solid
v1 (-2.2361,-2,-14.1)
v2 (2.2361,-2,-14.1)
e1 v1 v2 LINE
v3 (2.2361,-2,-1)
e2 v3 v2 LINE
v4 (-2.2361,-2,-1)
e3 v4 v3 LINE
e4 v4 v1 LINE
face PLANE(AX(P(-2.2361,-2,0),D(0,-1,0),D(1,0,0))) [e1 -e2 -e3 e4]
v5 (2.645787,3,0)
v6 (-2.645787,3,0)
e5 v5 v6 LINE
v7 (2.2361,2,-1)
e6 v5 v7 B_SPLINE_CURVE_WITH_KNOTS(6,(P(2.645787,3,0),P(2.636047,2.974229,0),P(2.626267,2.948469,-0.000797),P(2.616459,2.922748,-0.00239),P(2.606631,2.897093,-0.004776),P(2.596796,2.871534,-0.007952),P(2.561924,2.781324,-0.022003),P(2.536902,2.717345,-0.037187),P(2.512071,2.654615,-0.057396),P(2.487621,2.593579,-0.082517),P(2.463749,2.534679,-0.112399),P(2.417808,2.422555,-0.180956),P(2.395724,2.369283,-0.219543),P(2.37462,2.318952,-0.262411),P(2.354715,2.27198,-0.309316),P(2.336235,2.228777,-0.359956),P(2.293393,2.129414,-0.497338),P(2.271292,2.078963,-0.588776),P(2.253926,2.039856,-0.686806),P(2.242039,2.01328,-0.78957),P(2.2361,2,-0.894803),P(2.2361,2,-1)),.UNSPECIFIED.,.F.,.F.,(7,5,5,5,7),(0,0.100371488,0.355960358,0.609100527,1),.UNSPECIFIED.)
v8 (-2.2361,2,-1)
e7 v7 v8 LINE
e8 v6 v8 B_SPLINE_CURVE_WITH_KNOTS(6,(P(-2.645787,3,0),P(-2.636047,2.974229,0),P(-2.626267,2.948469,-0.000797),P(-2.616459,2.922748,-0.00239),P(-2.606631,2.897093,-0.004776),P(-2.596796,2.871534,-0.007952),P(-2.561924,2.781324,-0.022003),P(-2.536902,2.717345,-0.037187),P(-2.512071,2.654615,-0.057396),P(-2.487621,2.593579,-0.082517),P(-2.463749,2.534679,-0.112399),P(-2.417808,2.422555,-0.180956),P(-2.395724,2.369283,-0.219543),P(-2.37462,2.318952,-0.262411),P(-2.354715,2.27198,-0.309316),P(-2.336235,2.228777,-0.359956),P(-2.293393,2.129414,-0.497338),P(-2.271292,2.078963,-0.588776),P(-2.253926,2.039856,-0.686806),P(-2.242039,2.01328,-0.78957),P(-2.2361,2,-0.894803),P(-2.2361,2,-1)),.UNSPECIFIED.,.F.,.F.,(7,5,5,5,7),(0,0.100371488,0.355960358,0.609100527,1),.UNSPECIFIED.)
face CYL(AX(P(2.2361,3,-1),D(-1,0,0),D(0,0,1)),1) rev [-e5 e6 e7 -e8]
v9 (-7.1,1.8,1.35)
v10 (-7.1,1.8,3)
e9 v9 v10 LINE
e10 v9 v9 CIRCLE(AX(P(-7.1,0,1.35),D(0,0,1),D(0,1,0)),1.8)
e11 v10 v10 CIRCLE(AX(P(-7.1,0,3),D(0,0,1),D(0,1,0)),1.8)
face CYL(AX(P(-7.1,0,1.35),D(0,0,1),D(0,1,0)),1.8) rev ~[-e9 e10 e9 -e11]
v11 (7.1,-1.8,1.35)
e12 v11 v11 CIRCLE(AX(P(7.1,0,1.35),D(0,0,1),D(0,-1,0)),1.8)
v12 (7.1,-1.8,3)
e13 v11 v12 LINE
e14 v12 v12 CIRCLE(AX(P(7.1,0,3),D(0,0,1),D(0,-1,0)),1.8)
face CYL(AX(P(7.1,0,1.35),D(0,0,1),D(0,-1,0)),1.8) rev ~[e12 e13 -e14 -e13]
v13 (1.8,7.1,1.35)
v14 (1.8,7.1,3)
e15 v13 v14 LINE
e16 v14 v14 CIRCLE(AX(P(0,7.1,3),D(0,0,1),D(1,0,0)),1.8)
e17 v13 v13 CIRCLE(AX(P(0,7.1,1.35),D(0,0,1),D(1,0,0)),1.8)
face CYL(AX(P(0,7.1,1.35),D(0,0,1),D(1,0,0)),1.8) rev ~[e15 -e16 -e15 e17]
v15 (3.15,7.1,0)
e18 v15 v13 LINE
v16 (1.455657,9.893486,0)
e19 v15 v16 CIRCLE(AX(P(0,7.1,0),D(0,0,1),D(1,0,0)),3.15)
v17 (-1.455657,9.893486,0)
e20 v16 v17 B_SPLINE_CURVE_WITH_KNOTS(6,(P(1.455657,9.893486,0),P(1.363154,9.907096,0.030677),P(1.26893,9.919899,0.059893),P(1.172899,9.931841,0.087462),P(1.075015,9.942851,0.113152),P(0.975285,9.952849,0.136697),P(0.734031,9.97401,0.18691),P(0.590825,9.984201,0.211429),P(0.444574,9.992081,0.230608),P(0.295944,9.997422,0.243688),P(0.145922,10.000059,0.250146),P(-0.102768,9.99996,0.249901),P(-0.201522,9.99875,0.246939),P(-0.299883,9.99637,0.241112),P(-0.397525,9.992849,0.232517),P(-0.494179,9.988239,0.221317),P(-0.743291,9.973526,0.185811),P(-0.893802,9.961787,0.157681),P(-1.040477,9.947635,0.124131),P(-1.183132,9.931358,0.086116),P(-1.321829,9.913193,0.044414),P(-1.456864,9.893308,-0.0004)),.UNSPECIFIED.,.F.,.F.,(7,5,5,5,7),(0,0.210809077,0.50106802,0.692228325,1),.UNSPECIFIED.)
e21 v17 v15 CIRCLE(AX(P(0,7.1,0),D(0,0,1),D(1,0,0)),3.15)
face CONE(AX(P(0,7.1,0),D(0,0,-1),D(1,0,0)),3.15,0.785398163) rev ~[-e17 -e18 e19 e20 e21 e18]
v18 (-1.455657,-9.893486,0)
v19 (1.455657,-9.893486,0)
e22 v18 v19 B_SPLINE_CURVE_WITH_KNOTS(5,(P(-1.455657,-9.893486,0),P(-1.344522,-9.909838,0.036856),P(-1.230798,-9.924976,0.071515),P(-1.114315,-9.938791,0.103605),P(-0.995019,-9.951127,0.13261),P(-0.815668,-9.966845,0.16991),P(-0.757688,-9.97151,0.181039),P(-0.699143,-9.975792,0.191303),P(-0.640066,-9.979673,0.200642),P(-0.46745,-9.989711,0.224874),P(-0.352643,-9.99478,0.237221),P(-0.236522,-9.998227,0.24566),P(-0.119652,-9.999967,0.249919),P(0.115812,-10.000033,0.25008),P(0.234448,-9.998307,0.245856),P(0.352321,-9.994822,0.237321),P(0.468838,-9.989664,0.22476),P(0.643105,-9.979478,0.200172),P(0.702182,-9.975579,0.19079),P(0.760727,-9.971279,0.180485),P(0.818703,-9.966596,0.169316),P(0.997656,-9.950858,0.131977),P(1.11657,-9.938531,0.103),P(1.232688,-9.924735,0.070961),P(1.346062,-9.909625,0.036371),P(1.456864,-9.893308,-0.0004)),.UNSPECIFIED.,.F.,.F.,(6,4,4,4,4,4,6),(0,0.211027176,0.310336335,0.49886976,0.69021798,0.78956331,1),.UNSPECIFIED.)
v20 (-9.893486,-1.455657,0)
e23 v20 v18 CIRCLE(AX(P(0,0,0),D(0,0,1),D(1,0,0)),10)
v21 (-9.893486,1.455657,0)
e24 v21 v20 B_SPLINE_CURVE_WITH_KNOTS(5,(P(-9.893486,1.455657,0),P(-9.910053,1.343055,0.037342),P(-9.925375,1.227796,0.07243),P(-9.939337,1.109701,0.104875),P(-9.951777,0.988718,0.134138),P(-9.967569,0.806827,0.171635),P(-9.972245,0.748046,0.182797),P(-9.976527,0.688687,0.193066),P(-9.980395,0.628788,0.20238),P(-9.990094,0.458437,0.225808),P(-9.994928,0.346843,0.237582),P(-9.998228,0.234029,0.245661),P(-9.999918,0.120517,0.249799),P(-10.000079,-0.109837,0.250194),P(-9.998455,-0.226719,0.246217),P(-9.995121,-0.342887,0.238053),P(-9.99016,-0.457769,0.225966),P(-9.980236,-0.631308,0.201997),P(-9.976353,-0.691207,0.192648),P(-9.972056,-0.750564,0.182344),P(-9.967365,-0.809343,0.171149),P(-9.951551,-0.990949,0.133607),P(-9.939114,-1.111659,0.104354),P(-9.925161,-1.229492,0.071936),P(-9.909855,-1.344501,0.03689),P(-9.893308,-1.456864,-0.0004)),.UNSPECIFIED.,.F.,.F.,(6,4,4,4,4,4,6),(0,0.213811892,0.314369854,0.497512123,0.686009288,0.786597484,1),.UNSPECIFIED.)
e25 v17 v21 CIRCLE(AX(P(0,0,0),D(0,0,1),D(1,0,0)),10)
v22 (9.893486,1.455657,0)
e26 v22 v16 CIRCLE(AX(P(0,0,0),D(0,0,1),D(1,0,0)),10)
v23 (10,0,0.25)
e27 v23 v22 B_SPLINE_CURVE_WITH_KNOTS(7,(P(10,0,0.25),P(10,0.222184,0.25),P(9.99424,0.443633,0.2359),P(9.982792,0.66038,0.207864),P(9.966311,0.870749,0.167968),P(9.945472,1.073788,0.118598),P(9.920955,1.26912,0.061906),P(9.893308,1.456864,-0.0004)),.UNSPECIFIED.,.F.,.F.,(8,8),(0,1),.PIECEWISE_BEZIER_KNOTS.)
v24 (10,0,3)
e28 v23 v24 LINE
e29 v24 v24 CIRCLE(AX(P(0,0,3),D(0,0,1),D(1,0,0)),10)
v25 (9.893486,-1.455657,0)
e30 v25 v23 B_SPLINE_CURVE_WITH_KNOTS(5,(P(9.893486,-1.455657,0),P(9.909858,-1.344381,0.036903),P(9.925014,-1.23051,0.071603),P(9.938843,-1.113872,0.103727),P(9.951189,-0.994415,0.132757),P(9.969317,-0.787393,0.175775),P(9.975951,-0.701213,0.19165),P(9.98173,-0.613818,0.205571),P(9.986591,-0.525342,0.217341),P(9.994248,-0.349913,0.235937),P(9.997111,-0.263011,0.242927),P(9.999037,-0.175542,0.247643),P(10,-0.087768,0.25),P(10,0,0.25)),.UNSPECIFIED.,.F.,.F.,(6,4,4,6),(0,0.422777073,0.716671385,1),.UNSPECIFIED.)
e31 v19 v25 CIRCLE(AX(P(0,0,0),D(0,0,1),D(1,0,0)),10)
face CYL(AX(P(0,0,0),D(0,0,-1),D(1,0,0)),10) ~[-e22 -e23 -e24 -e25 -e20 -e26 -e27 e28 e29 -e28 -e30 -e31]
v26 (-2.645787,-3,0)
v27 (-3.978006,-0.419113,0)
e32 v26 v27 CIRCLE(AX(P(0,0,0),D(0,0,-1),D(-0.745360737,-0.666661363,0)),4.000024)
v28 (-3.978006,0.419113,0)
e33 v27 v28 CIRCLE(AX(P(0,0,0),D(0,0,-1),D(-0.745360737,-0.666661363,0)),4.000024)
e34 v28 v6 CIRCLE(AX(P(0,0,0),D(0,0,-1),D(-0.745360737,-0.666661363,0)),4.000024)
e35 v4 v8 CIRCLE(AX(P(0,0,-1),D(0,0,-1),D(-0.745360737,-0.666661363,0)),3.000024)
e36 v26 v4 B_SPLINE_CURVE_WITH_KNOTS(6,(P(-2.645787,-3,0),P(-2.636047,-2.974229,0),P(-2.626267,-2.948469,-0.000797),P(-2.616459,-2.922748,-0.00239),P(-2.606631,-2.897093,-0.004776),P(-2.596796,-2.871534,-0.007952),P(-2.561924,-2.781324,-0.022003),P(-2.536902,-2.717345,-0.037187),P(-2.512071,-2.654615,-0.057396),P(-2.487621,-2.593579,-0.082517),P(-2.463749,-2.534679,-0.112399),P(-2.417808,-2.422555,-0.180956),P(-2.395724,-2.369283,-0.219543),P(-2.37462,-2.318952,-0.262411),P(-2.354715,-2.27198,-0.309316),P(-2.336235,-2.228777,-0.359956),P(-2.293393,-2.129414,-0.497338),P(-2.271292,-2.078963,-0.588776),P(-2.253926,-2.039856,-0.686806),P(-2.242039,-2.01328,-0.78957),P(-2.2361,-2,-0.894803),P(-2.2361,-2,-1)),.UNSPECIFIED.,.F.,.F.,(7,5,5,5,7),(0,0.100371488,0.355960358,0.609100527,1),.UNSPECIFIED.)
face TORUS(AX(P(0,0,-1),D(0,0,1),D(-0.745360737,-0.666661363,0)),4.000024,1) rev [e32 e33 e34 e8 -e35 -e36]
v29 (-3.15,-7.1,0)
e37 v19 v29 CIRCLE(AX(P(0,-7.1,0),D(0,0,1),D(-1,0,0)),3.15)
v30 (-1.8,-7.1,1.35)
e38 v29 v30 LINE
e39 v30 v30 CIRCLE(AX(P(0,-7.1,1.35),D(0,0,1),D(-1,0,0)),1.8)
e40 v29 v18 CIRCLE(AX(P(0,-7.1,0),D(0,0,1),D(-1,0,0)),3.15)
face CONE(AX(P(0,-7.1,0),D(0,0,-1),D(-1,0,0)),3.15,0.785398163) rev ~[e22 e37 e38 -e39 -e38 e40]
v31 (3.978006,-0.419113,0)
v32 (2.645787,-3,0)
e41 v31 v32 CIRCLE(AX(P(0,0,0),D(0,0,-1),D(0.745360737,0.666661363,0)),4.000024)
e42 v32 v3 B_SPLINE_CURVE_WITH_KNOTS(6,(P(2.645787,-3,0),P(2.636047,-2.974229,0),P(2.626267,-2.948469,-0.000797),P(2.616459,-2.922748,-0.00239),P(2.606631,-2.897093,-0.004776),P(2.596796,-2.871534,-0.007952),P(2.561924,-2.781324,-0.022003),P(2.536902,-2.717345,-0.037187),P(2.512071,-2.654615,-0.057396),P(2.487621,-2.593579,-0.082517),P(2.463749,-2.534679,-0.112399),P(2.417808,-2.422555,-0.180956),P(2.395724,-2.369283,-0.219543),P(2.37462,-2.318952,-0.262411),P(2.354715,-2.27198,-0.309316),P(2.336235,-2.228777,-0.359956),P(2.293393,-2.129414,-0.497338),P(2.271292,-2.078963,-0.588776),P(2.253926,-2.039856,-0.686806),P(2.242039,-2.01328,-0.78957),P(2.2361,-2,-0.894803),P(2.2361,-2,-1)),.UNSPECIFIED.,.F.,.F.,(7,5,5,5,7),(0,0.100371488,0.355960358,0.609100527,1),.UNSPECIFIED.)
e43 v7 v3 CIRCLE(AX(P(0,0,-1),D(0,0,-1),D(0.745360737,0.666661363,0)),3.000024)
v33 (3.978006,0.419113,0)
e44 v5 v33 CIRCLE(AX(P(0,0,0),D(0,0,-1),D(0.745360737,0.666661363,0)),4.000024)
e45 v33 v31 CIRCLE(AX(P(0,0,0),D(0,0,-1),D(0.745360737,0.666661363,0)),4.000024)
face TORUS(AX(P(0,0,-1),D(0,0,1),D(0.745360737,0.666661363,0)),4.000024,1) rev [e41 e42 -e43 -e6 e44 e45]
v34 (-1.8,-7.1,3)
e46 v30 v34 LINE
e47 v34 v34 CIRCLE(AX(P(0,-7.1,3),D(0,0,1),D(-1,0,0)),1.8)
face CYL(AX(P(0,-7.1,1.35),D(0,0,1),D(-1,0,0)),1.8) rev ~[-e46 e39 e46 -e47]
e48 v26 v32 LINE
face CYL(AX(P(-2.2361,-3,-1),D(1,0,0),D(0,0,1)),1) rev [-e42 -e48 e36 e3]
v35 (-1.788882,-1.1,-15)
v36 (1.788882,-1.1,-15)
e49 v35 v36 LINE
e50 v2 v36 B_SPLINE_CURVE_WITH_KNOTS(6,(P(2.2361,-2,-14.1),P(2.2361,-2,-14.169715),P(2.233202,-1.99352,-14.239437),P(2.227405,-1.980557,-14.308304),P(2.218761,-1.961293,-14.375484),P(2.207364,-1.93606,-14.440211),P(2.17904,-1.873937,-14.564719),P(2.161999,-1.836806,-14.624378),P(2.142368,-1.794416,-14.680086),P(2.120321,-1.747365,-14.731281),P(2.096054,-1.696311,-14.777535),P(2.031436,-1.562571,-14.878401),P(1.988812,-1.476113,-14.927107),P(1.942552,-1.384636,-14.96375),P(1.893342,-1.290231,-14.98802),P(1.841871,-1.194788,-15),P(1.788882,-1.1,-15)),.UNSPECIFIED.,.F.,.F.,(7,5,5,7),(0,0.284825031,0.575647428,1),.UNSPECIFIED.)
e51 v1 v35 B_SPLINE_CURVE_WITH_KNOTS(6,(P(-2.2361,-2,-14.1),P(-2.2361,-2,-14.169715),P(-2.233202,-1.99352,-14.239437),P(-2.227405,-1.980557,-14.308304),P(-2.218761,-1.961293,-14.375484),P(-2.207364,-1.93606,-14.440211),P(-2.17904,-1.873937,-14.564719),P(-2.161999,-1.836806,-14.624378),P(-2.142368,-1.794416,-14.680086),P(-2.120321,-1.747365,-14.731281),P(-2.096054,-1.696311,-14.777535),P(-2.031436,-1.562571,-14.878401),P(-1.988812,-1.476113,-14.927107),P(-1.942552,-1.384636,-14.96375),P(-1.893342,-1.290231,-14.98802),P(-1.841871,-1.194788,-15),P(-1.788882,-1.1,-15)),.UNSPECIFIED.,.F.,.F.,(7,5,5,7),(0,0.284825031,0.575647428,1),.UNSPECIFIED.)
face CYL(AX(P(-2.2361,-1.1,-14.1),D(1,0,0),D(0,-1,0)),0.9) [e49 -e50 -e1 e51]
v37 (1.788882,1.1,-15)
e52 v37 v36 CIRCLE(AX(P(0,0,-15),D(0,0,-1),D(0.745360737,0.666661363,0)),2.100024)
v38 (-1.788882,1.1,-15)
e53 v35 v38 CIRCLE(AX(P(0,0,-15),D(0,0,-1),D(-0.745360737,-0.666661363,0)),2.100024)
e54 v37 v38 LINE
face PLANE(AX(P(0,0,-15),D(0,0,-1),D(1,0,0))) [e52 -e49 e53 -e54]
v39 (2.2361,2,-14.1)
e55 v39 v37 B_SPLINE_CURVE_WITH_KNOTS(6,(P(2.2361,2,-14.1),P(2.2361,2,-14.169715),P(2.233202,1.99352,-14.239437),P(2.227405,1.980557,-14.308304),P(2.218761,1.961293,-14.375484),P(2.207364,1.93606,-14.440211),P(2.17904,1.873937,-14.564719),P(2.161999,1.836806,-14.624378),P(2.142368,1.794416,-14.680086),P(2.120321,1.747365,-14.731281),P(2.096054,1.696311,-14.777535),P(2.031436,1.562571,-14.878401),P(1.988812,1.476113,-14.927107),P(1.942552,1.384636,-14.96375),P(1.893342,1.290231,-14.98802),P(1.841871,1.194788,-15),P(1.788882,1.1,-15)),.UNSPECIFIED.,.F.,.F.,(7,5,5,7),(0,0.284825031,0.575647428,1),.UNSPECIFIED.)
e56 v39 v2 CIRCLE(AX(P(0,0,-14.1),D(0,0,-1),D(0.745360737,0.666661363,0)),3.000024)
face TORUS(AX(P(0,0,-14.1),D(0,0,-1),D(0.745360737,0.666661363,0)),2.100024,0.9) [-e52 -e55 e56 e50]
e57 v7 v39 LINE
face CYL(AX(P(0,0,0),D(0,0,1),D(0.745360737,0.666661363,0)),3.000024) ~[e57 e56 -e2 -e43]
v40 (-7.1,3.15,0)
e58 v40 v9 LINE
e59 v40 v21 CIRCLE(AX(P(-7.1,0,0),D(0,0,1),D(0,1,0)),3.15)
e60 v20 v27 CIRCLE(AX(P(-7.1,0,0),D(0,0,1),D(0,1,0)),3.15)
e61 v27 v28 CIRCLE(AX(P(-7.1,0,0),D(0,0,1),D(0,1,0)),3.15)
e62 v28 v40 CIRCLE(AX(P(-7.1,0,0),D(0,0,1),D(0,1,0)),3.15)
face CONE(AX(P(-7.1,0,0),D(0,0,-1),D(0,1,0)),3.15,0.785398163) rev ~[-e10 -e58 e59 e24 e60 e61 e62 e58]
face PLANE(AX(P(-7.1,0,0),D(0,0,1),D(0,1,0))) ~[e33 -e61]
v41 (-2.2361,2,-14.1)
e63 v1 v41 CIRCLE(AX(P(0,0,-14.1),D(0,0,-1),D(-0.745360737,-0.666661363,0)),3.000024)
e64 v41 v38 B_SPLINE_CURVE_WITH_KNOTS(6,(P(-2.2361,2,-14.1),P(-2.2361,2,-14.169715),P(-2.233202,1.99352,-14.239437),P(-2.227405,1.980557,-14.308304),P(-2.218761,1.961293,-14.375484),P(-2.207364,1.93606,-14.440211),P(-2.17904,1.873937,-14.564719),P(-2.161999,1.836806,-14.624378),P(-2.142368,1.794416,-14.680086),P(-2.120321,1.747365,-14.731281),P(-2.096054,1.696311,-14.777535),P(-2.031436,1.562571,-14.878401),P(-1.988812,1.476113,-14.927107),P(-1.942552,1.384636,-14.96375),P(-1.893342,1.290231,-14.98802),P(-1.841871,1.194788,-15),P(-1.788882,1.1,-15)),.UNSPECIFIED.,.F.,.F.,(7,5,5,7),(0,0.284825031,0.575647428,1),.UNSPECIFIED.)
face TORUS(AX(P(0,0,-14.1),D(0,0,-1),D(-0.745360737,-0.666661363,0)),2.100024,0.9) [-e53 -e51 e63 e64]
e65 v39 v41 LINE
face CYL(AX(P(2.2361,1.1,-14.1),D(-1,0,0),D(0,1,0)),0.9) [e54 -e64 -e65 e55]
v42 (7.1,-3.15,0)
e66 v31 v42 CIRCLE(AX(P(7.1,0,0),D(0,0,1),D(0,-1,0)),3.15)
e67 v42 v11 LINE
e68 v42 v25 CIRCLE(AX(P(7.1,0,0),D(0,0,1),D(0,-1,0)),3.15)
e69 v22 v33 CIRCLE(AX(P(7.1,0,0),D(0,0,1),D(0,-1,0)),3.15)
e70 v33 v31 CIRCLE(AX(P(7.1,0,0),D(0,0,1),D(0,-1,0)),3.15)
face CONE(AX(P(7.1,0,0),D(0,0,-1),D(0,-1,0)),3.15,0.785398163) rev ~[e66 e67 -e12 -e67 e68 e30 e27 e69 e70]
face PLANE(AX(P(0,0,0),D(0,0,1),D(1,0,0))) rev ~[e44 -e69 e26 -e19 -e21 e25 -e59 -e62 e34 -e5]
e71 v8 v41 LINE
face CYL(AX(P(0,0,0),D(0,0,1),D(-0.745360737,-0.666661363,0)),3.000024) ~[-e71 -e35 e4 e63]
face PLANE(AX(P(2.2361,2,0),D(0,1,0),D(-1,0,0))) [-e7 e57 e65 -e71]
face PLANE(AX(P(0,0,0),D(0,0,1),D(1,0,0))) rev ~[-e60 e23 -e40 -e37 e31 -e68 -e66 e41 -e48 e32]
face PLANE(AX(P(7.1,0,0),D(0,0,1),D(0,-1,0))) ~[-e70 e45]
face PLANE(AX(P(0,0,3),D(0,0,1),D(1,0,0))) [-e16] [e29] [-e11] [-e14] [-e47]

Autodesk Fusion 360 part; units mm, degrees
sketch "Sketch1" plane through (0, 0, 0) normal (0, 0, 1) x (1, 0, 0)
  circle A0 centre (0, 0) radius 10
  dimension "d1" = 20
extrude "Extrude1" add sketch "Sketch1" along normal blind 3
sketch "Sketch2" plane through (0, 0, 0) normal (0, 0, -1) x (1, 0, 0)
  circle A0 centre (0, 0) radius 10
  line L0 (-2.2361, 2) -> (2.2361, 2)
  line L1 (2.2361, -2) -> (-2.2361, -2)
  arc A1 (-2.2361, 2) -> (-2.2361, -2) centre (0, 0) ccw
  arc A2 (2.2361, -2) -> (2.2361, 2) centre (0, 0) ccw
  dimension "d4" = 6
  dimension "d5" = 4
extrude "Extrude2" add sketch "Sketch2" along normal blind 15 contours L0 L1 A1 A2
fillet "Fillet1" radius 1 4 edges at (0, -2, 0) (3, 0, 0) (-3, 0, 0) (0, 2, 0)
fillet "Fillet1" radius 0.9 4 edges at (0, -2, -15) (3, 0, -15) (0, 2, -15) (-3, 0, -15)
sketch "Sketch3" plane through (0, 0, 0) normal (0, 0, -1) x (1, 0, 0)
  circle A0 centre (0, 0) radius 10
  line L0 (-2.6458, 3) -> (2.6458, 3)
  arc A1 (2.6458, -3) -> (2.6458, 3) centre (0, 0) ccw
  line L1 (2.6458, -3) -> (-2.6458, -3)
  arc A2 (-2.6458, 3) -> (-2.6458, -3) centre (0, 0) ccw
  point P0 (-7.1, 0)
  dimension "d10" = 7.1
hole "Hole1" at (-7.1, 0, 0) direction (0, 0, 1) diameter 3.6 depth 12 tip angle 118 countersink diameter 6.3 countersink angle 90
pattern_circular "C-Pattern1" count 4 over 360 about axis through (0, 0, 1.75) along (0, 0, 1) of "Hole1"
